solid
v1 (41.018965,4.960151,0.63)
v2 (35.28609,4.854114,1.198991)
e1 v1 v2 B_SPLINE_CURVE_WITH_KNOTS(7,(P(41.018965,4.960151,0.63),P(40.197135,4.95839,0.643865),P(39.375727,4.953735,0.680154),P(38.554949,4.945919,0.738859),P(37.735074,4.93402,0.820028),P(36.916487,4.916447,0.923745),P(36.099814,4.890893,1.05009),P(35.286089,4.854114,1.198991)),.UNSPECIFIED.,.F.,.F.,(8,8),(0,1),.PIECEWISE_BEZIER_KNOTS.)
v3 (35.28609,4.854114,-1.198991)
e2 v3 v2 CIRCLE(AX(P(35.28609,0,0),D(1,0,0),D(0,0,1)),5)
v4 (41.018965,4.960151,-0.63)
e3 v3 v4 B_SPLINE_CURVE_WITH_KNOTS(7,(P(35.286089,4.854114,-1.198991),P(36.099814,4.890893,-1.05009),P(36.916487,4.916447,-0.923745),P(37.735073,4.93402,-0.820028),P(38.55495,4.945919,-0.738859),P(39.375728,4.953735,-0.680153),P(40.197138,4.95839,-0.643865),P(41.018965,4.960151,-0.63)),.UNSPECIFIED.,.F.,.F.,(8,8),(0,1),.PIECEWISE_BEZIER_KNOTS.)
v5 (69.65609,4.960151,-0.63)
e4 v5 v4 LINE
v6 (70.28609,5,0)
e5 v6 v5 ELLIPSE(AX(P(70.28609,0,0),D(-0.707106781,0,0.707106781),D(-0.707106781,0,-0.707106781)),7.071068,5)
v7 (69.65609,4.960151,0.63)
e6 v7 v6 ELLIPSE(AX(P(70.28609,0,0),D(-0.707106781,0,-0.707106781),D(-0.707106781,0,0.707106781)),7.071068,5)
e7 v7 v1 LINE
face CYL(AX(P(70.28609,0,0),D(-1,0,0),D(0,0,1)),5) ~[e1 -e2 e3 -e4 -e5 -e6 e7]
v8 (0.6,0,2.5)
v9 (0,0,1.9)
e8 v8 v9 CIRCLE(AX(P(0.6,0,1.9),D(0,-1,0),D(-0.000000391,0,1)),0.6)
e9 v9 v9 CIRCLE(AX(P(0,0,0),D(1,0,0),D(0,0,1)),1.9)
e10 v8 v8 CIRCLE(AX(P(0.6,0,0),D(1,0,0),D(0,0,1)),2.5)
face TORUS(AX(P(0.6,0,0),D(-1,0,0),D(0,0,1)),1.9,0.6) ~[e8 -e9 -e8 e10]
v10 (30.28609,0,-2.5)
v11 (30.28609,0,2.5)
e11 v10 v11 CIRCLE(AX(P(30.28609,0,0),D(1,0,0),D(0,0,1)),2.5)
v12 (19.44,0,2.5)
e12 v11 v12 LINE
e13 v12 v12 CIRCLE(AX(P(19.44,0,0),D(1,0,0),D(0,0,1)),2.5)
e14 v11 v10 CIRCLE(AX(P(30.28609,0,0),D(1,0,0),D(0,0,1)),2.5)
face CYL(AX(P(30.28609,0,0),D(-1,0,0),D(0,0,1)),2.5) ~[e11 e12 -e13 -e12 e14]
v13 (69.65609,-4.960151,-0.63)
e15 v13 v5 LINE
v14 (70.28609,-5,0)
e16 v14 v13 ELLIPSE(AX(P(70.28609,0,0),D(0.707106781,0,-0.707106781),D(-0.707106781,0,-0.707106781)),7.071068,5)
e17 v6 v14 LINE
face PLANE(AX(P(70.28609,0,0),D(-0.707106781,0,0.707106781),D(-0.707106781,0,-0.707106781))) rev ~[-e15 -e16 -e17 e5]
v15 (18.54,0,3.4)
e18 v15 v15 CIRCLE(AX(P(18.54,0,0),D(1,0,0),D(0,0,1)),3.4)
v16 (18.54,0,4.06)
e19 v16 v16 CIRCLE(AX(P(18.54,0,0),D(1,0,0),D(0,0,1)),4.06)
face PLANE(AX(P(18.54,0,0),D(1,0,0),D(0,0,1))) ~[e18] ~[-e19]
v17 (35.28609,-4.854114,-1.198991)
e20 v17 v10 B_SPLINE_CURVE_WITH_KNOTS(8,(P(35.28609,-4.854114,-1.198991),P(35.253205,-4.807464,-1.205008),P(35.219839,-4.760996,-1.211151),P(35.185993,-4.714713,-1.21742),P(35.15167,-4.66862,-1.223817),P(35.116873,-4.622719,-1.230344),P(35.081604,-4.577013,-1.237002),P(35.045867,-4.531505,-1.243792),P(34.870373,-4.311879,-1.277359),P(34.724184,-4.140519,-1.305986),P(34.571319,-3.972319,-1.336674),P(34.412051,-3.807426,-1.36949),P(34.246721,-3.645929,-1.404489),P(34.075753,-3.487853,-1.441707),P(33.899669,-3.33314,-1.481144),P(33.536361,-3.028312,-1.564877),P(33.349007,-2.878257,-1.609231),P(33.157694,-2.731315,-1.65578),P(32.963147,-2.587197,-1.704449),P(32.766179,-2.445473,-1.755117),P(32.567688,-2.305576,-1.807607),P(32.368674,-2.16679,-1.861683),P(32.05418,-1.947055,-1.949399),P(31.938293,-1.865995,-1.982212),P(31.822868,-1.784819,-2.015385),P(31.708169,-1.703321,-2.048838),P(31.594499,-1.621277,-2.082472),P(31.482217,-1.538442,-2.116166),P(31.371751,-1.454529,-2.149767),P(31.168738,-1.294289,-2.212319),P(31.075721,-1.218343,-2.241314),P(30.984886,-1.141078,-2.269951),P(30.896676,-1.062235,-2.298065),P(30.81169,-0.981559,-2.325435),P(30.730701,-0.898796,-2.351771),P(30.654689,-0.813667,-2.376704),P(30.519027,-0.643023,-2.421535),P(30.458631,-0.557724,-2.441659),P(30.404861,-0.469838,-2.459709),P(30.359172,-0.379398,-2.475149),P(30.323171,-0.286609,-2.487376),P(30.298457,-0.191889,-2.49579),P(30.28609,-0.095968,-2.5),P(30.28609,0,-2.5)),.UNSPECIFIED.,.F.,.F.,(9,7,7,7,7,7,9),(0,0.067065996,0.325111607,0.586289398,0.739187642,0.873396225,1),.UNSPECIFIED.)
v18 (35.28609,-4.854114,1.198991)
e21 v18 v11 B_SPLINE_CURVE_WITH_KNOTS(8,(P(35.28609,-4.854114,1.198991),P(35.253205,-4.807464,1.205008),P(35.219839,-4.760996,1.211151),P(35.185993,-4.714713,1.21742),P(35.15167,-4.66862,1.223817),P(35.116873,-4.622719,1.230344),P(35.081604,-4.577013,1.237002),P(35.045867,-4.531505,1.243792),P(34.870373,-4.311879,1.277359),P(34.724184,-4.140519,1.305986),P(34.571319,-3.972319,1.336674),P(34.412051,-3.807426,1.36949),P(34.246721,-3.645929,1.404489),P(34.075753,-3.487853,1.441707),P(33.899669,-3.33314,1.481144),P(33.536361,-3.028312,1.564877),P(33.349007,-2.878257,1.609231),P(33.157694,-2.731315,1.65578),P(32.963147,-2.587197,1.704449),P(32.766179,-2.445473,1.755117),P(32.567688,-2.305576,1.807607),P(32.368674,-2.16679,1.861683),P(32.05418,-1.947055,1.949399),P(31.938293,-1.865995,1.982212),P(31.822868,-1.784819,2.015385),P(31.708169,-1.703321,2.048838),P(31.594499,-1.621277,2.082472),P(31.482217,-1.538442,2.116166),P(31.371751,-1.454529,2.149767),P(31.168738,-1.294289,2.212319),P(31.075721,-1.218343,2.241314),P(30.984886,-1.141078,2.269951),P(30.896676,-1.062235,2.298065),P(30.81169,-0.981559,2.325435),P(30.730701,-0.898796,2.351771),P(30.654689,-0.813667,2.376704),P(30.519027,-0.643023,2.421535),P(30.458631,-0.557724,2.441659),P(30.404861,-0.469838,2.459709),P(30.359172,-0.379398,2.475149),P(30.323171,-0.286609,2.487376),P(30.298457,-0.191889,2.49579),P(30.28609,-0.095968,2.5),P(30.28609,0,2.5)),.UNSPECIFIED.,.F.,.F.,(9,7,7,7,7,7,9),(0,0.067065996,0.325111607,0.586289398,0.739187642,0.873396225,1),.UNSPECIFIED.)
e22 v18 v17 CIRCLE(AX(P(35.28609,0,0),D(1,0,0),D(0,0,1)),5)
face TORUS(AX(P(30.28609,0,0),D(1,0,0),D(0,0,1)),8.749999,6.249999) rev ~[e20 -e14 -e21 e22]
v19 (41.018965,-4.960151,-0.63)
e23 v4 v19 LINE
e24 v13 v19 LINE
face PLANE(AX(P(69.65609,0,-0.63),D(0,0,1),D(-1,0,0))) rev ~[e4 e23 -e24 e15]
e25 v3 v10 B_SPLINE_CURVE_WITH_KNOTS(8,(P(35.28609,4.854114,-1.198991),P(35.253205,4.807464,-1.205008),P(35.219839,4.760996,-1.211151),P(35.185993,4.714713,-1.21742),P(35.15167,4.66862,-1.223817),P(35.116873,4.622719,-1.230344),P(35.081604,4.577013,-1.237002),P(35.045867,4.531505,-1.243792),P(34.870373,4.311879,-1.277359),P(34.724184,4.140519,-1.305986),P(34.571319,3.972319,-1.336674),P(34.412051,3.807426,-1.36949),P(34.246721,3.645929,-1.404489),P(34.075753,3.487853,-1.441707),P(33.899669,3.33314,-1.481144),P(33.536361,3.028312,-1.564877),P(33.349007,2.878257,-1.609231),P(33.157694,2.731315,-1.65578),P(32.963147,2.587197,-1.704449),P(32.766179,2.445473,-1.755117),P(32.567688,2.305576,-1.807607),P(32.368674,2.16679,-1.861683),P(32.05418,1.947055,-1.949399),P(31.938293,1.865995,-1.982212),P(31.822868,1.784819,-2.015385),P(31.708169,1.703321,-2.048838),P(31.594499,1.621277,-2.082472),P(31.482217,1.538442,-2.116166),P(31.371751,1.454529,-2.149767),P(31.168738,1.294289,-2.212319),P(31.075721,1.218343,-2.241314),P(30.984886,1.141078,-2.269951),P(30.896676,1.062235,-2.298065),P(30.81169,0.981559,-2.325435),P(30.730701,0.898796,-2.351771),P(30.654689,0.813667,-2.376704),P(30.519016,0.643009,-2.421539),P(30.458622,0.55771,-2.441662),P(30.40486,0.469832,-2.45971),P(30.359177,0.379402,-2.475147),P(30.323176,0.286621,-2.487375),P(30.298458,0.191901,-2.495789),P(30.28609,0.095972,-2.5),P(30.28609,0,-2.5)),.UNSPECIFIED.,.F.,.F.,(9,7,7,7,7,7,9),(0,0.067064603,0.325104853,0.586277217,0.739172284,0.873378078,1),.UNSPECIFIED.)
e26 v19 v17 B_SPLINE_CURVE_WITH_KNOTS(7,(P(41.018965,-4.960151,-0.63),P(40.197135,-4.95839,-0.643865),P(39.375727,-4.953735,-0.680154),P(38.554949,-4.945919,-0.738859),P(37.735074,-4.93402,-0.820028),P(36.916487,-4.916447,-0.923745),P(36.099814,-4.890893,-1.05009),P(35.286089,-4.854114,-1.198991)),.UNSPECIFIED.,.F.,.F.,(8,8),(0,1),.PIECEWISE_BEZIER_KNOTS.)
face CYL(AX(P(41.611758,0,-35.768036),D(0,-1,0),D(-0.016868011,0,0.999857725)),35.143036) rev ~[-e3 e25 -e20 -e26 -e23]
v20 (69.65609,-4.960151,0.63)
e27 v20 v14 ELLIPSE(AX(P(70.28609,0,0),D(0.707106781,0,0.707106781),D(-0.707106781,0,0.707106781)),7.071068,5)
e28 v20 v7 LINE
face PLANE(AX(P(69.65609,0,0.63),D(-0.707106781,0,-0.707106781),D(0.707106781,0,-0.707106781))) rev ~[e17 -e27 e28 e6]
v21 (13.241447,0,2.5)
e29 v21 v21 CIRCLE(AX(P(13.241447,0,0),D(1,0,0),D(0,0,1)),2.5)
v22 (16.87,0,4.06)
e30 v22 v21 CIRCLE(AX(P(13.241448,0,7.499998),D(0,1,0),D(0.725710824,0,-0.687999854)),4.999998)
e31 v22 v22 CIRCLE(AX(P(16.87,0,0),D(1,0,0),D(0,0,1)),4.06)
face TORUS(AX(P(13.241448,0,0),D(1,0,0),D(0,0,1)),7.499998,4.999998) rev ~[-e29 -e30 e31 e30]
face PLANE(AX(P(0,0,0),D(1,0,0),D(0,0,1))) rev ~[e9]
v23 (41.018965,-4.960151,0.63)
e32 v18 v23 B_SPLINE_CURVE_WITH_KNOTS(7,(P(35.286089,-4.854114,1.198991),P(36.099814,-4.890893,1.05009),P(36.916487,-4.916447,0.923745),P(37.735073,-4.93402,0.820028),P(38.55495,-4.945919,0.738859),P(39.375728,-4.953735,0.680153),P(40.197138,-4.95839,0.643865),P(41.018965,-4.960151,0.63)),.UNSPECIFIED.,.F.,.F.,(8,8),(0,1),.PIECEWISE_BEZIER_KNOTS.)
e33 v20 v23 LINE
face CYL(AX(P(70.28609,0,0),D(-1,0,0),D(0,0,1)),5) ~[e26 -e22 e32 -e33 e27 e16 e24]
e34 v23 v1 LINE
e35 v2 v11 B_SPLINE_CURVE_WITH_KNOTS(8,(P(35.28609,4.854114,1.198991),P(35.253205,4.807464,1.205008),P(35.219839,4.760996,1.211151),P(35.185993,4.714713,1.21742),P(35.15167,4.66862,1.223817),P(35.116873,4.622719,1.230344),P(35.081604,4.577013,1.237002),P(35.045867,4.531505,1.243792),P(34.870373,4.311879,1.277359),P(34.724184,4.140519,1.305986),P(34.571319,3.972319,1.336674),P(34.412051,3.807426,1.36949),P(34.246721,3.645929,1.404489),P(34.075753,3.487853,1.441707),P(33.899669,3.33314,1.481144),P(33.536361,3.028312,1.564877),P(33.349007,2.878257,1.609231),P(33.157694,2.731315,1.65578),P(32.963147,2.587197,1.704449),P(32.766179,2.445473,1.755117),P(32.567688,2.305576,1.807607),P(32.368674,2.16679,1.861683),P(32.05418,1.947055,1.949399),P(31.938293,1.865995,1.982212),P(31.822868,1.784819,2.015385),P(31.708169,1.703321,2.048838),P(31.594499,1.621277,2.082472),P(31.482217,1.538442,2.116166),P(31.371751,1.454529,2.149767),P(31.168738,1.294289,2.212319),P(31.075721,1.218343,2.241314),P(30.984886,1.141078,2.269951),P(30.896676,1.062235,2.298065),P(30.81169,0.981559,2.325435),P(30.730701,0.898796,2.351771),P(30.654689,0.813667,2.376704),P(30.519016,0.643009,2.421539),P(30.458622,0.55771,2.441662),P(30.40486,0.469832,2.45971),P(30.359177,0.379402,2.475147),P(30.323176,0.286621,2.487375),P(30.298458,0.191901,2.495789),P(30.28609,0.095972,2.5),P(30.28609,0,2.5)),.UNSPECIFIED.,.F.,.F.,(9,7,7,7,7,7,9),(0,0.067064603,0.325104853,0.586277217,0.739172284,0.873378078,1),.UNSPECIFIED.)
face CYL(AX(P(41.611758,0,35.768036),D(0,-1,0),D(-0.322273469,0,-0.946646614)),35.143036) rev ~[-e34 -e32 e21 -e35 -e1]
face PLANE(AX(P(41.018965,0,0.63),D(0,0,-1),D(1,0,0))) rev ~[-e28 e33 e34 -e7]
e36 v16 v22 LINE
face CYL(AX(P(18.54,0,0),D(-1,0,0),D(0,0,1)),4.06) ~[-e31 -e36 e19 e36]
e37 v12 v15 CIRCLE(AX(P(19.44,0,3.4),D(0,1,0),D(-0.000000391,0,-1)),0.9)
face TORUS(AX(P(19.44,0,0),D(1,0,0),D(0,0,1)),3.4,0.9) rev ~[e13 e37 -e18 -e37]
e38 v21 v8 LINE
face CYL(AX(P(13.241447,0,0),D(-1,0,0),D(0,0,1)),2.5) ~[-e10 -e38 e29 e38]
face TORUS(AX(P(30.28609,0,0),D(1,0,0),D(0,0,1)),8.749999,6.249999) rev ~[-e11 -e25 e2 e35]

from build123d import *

# Parameters (mm, degrees)
F3_DEPTH = 25
F4_DEPTH = 25


with BuildPart() as f1:
    # F0 (on Front) → F1 (revolve)
    with BuildSketch(Plane.XZ):
        with BuildLine():
            Line((0, 1.9), (0, 0))
            Line((0, 0), (70.28609, 0))
            Line((70.28609, 0), (70.28609, 5))
            Line((70.28609, 5), (35.28609, 5))
            ThreePointArc((35.28609, 5), (33.081175, 3.15983), (30.28609, 2.5))
            Line((30.28609, 2.5), (19.44, 2.5))
            ThreePointArc((19.44, 2.5), (18.803604, 2.763604), (18.54, 3.4))
            Line((18.54, 3.4), (18.54, 4.06))
            Line((18.54, 4.06), (16.87, 4.06))
            ThreePointArc((16.87, 4.06), (15.216288, 2.906526), (13.241447, 2.5))
            Line((13.241447, 2.5), (0.6, 2.5))
            ThreePointArc((0.6, 2.5), (0.175736, 2.324264), (0, 1.9))
        make_face()
    revolve(axis=Axis((35.143045, 0, 0), (1, 0, 0)))

    # F2 (on Front) → F3 (cut)
    with BuildSketch(Plane.XZ):
        with BuildLine():
            ThreePointArc((30.28609, 2.5), (35.579623, 1.146564), (41.018965, 0.63))
            Line((41.018965, 0.63), (69.65609, 0.63))
            Line((69.65609, 0.63), (70.28609, 0))
            Line((70.28609, 0), (73.746532, 14.08634))
            Line((73.746532, 14.08634), (30.28609, 14.08634))
            Line((30.28609, 14.08634), (30.28609, 2.5))
        make_face()
        with BuildLine():
            Line((73.746532, -14.08634), (70.28609, 0))
            Line((70.28609, 0), (69.65609, -0.63))
            Line((69.65609, -0.63), (41.018965, -0.63))
            ThreePointArc((41.018965, -0.63), (35.579623, -1.146564), (30.28609, -2.5))
            Line((30.28609, -2.5), (30.28609, -14.08634))
            Line((30.28609, -14.08634), (73.746532, -14.08634))
        make_face()
    extrude(amount=-F3_DEPTH, mode=Mode.SUBTRACT)

    # F2 (on Front) → F4 (cut)
    with BuildSketch(Plane.XZ):
        with BuildLine():
            ThreePointArc((30.28609, 2.5), (35.579623, 1.146564), (41.018965, 0.63))
            Line((41.018965, 0.63), (69.65609, 0.63))
            Line((69.65609, 0.63), (70.28609, 0))
            Line((70.28609, 0), (73.746532, 14.08634))
            Line((73.746532, 14.08634), (30.28609, 14.08634))
            Line((30.28609, 14.08634), (30.28609, 2.5))
        make_face()
        with BuildLine():
            Line((73.746532, -14.08634), (70.28609, 0))
            Line((70.28609, 0), (69.65609, -0.63))
            Line((69.65609, -0.63), (41.018965, -0.63))
            ThreePointArc((41.018965, -0.63), (35.579623, -1.146564), (30.28609, -2.5))
            Line((30.28609, -2.5), (30.28609, -14.08634))
            Line((30.28609, -14.08634), (73.746532, -14.08634))
        make_face()
    extrude(amount=F4_DEPTH, mode=Mode.SUBTRACT)


solid = f1.part
